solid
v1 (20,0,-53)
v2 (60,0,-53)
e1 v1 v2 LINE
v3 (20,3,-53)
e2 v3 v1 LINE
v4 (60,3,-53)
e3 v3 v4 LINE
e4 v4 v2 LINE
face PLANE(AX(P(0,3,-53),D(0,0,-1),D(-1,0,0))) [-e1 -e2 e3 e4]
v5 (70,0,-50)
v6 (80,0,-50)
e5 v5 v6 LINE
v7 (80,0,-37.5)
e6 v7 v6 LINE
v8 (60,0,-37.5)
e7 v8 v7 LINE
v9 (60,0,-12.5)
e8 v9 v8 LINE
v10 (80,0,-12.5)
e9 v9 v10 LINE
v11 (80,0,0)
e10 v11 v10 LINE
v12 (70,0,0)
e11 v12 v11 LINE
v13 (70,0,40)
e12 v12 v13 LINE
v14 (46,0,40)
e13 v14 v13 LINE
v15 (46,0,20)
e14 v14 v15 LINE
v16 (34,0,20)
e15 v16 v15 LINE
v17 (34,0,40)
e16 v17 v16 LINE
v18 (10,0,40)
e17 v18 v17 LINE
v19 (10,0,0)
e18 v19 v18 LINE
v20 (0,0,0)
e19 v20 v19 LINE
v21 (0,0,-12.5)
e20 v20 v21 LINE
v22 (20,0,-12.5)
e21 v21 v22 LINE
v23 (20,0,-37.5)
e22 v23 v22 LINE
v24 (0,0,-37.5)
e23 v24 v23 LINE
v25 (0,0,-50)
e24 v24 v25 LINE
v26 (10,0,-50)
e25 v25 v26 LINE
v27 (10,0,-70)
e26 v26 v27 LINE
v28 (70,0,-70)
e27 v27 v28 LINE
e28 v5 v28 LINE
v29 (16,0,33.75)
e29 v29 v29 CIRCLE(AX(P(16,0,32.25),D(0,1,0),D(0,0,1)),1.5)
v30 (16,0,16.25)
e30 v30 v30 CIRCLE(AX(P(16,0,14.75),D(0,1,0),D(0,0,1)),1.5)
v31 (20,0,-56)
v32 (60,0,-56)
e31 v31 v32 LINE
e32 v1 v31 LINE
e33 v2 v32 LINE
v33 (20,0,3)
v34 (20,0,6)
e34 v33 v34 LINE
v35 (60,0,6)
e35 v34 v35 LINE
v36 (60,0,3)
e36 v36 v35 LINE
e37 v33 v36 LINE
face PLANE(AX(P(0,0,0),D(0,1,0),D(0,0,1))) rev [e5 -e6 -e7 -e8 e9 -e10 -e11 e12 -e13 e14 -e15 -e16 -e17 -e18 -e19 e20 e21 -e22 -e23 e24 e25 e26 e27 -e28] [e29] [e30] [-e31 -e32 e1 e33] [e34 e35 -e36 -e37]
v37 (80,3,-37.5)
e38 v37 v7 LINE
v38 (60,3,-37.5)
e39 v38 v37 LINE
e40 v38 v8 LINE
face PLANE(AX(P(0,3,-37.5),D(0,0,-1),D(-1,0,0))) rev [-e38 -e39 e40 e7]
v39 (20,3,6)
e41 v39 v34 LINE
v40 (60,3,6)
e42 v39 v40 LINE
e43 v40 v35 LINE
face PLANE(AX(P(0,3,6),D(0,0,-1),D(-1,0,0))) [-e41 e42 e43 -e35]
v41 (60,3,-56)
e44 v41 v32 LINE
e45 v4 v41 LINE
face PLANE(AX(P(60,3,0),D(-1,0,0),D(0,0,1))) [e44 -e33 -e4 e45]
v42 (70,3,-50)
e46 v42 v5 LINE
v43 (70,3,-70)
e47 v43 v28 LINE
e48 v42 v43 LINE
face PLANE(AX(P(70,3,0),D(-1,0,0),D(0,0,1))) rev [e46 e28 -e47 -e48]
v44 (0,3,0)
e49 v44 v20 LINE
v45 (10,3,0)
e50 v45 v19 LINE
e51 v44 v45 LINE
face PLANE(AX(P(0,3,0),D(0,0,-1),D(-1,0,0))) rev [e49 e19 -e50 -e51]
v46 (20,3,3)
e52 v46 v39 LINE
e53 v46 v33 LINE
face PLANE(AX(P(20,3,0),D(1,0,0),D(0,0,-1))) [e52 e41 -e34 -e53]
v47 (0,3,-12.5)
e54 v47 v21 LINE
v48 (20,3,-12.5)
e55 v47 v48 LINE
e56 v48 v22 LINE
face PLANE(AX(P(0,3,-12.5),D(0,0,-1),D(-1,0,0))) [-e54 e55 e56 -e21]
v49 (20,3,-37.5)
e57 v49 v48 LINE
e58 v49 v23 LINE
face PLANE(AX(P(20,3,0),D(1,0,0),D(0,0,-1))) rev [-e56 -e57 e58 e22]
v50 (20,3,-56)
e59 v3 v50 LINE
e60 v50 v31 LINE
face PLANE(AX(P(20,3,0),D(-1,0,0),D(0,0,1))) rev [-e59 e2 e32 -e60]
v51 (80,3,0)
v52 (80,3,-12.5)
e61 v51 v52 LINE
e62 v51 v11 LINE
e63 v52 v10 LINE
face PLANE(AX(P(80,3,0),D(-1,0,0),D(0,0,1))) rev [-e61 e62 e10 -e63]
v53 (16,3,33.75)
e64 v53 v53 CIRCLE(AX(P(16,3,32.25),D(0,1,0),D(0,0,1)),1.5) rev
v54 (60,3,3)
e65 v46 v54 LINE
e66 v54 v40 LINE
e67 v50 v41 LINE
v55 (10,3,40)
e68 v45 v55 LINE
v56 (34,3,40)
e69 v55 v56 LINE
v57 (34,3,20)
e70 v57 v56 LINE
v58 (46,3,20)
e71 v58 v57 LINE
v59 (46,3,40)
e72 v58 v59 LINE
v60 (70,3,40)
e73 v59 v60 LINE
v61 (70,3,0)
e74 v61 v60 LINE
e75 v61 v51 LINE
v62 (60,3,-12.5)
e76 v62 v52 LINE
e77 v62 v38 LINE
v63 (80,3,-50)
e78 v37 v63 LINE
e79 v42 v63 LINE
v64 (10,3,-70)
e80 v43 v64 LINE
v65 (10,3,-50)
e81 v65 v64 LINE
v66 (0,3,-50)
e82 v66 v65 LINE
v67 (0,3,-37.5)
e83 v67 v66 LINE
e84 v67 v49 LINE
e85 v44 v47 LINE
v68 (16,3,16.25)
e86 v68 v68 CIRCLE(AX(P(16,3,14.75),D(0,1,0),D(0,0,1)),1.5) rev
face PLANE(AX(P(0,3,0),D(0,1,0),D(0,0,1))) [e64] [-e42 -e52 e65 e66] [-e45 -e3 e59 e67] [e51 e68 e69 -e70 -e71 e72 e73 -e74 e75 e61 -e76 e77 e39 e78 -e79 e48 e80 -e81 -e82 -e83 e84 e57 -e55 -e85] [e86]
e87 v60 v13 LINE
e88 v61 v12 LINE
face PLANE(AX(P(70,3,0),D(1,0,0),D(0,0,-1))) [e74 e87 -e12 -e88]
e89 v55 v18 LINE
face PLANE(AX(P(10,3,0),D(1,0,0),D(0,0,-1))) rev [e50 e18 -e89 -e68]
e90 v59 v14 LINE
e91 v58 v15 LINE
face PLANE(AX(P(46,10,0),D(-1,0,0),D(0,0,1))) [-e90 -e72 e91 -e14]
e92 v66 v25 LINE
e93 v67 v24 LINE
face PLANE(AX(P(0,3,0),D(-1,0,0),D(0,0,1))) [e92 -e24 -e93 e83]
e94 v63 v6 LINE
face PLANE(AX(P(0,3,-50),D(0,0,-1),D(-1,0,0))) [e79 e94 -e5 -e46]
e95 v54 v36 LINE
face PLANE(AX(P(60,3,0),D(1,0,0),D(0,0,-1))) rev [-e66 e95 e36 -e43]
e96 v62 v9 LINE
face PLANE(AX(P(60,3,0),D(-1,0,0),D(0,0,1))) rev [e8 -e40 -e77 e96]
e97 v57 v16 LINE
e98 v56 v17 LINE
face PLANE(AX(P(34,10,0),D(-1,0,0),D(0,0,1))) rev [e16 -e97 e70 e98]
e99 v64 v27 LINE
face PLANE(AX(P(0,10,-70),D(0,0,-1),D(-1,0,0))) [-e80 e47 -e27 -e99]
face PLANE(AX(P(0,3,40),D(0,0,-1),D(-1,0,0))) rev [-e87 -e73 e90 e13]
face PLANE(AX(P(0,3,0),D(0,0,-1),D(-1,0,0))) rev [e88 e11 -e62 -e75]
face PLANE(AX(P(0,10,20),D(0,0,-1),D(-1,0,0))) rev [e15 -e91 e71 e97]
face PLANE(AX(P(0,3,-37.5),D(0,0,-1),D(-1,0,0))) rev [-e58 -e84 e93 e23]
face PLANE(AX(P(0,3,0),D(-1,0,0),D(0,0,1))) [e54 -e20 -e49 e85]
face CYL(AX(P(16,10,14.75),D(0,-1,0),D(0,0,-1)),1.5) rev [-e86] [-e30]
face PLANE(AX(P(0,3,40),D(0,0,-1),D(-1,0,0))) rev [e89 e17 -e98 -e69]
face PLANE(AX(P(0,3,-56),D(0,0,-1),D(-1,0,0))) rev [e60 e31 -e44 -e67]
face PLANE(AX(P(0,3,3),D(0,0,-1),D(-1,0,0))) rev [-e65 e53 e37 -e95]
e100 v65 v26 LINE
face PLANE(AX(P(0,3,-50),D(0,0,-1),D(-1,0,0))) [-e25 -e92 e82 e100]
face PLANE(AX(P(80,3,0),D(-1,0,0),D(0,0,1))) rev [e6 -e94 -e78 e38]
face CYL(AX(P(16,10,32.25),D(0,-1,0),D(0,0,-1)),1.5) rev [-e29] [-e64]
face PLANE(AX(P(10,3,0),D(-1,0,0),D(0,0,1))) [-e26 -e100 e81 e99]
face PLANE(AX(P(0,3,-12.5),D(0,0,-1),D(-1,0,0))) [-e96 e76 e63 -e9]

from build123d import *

# Parameters (mm, degrees)
SKETCH1_W           = 40
SKETCH1_H           = 3
BOSS_EXTRUDE1_DEPTH = 3
SKETCH3_R           = 1.5
SKETCH3_W           = 12
SKETCH3_H           = 20
SKETCH3_W_2         = 60
CUT_EXTRUDE2_DEPTH  = 10


with BuildPart() as part:
    # Sketch1 → Boss-Extrude1 (new body)
    with BuildSketch(Plane(origin=(0, 0, 0), x_dir=(1, 0, 0), z_dir=(0, 1, 0))):
        Polygon((20, 37.5), (20, 12.5), (0, 12.5), (0, 0), (10, 0), (10, -40), (70, -40), (70, 0), (80, 0), (80, 12.5), (60, 12.5), (60, 37.5), (80, 37.5), (80, 50), (70, 50), (70, 90), (10, 90), (10, 50), (0, 50), (0, 37.5), align=None)
        with Locations((40, -4.5)):
            Rectangle(SKETCH1_W, SKETCH1_H, mode=Mode.SUBTRACT)
        with Locations((40, 54.5)):
            Rectangle(SKETCH1_W, SKETCH1_H, mode=Mode.SUBTRACT)
    extrude(amount=BOSS_EXTRUDE1_DEPTH)

    # Sketch3 → Cut-Extrude2 (cut)
    with BuildSketch(Plane(origin=(0, 0, 0), x_dir=(1, 0, 0), z_dir=(0, 1, 0))):
        with Locations(Location((16, -32.25, 0), (0, 0, 270))):
            Circle(SKETCH3_R)
        with Locations(Location((16, -14.75, 0), (0, 0, 270))):
            Circle(SKETCH3_R)
        with Locations((40, -30)):
            Rectangle(SKETCH3_W, SKETCH3_H)
        with Locations((40, 80)):
            Rectangle(SKETCH3_W_2, SKETCH3_H)
    extrude(amount=CUT_EXTRUDE2_DEPTH, mode=Mode.SUBTRACT)


solid = part.part
